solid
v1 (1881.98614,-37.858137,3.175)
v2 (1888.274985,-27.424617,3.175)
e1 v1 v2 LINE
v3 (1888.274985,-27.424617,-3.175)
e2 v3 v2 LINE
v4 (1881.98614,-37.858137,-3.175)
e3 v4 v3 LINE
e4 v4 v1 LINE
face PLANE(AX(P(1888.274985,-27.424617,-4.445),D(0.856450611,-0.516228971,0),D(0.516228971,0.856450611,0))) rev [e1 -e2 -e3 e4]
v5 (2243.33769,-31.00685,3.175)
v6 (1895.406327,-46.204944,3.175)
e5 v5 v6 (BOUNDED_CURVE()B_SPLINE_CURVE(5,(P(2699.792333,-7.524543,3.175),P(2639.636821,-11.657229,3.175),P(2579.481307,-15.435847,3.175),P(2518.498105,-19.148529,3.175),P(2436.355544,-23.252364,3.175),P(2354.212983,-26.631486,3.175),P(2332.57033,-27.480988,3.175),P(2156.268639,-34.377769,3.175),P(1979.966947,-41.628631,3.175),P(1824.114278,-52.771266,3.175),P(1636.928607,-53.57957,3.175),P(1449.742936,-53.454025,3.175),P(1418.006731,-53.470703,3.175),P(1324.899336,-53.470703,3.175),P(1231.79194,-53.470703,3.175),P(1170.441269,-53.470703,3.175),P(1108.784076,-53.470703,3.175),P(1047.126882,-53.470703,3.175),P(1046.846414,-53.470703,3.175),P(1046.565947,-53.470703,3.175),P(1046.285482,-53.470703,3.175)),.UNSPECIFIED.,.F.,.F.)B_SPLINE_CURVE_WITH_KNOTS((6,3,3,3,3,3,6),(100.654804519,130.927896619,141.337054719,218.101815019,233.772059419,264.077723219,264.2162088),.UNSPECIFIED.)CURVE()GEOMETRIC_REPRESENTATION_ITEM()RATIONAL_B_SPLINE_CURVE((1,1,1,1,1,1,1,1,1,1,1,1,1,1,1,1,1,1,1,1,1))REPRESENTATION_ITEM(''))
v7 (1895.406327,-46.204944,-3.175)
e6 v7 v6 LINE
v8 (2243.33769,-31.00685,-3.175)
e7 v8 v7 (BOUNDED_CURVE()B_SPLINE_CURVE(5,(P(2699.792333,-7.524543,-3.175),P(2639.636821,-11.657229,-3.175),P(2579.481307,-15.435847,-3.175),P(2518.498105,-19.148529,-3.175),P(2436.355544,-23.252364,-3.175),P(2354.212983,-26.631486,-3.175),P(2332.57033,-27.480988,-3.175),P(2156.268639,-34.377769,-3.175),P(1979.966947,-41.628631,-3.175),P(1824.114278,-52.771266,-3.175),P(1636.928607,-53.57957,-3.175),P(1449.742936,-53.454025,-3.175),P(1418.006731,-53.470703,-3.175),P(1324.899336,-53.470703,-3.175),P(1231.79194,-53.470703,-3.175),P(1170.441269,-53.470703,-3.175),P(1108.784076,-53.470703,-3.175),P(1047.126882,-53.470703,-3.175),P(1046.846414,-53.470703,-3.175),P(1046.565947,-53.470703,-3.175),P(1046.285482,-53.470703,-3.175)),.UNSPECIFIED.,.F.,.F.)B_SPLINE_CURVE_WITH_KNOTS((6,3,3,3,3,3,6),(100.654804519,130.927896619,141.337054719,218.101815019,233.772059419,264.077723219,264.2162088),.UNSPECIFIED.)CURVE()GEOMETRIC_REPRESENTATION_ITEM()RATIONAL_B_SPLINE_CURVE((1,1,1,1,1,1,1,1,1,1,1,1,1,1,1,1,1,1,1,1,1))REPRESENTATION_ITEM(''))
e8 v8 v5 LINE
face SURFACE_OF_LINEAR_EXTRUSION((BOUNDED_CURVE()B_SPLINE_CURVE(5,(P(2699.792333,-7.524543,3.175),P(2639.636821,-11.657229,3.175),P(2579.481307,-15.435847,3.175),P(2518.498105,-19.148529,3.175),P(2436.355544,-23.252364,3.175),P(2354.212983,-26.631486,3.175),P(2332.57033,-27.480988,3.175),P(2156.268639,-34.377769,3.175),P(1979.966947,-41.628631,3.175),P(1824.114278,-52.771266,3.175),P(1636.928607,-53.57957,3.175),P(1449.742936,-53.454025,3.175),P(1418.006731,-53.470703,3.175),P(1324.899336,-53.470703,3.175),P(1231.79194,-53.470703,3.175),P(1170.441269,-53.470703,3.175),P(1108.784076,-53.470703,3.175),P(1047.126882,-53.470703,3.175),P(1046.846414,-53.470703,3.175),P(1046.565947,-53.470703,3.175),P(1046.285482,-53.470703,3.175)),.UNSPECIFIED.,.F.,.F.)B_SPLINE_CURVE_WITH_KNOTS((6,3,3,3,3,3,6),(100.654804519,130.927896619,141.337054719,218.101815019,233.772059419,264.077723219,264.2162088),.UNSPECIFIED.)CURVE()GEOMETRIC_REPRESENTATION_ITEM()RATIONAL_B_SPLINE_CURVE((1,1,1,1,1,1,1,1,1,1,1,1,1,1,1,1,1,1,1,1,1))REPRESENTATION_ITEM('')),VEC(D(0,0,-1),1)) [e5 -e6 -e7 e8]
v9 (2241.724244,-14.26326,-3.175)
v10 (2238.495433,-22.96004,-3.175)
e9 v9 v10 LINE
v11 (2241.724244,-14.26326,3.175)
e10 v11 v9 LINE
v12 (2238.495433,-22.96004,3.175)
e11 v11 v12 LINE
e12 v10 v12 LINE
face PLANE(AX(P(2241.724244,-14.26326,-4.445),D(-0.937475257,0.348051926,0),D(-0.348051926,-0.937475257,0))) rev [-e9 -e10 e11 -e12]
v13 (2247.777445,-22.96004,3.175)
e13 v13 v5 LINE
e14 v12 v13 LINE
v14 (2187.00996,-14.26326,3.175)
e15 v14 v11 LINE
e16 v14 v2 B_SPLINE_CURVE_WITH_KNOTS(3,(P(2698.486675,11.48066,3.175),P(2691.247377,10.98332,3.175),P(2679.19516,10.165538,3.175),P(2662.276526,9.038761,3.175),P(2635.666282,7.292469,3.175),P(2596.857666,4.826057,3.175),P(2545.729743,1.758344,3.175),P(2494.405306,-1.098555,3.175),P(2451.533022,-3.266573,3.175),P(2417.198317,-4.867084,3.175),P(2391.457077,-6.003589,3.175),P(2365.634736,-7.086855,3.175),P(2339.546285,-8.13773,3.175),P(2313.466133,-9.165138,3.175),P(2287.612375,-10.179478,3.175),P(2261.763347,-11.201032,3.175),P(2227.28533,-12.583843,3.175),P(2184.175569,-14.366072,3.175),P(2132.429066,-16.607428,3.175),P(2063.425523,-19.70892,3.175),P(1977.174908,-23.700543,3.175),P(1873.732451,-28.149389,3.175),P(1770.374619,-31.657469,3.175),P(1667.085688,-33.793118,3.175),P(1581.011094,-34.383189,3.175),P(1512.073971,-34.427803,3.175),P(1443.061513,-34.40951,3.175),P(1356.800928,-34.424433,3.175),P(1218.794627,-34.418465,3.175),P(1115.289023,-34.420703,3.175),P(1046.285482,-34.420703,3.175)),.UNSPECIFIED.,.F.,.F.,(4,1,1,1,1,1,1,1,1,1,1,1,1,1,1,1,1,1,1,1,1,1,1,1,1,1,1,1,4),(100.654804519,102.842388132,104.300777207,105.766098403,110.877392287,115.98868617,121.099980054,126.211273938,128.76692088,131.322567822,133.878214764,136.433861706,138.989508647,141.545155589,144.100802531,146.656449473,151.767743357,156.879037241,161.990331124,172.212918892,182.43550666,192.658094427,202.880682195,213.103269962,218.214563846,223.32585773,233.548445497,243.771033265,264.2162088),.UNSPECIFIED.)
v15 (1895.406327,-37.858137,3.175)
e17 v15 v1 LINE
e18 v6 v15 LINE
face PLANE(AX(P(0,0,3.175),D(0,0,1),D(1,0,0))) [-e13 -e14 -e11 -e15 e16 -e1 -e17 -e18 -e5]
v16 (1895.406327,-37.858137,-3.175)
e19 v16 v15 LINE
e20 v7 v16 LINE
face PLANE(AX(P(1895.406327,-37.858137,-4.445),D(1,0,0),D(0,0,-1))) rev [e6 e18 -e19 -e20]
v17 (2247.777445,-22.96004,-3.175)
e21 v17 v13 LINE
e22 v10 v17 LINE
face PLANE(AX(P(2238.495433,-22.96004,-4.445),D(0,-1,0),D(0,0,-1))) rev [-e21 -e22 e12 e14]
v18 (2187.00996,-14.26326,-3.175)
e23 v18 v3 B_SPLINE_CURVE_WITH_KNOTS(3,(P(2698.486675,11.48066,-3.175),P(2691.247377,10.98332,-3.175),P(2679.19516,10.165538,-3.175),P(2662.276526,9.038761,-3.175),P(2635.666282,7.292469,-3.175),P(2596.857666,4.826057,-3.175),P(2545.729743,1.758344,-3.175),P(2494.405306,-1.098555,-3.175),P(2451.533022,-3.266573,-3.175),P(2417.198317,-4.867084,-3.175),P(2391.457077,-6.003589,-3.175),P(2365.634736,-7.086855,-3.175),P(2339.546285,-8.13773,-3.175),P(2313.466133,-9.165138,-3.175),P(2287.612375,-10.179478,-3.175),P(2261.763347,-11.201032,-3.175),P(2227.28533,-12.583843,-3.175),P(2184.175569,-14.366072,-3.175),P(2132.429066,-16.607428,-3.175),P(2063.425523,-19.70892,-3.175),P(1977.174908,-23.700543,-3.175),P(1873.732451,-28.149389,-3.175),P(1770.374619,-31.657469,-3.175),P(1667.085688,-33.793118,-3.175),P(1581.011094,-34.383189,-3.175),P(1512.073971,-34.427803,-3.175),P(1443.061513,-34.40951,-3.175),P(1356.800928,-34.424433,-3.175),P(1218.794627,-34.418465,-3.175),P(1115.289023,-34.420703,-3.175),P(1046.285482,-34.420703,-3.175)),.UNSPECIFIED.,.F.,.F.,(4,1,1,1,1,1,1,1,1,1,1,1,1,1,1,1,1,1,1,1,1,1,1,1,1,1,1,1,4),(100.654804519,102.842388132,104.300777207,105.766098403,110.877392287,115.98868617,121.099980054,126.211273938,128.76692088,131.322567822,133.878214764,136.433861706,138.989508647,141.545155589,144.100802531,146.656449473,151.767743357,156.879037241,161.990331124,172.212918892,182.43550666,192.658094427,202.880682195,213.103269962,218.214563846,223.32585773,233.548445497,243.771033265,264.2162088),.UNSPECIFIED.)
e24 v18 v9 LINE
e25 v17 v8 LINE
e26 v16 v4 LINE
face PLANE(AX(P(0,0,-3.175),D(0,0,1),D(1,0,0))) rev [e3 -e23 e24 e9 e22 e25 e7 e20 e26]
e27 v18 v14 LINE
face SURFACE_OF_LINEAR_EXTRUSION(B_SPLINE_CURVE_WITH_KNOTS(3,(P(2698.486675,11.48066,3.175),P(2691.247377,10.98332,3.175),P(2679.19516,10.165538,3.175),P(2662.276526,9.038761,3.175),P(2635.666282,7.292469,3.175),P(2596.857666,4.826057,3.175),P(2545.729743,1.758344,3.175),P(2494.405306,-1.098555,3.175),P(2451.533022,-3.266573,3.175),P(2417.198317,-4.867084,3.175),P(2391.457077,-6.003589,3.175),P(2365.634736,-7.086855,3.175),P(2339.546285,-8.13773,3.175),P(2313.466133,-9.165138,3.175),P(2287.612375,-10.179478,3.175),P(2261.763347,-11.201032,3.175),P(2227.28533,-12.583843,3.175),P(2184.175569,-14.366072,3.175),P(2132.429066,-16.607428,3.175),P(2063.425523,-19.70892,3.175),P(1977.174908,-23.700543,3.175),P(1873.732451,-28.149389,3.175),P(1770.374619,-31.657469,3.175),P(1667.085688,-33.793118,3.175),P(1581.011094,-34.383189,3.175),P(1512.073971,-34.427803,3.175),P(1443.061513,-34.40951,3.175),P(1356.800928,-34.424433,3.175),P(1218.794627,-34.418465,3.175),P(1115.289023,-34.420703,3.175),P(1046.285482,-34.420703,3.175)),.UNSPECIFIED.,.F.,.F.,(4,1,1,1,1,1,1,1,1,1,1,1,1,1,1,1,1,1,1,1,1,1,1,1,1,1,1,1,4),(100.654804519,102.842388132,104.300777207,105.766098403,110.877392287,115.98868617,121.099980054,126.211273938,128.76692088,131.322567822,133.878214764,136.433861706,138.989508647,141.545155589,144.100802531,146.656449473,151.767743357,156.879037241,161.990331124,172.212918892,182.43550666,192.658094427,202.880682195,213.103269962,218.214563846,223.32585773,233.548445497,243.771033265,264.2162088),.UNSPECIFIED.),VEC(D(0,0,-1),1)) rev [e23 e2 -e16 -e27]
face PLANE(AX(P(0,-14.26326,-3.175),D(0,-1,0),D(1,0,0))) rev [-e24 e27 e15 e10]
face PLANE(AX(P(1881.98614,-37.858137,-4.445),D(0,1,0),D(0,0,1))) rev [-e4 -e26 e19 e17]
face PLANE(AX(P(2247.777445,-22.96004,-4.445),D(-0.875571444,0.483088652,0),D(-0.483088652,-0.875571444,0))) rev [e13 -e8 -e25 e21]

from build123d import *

# Parameters (mm, degrees)
BOSS_EXTRUDE1_DEPTH = 3.175
CUT_EXTRUDE1_DEPTH  = 7.3500001
FILLET1_R           = 2.54
CUT_EXTRUDE2_DEPTH  = 7.62


with BuildPart() as part:
    # Sketch1 → Boss-Extrude1 (new body, symmetric)
    with BuildSketch(Plane.XY):
        with BuildLine():
            Line((499.61002795, -53.470702797), (1046.28548189, -53.470702797))
            add(Edge.make_bspline(
                [(2669.54, -9.569049356), (2615.393603553, -13.17073937), (2561.080658619, -16.536108081), (2506.205230446, -19.758621957), (2430.209106802, -23.505211705), (2354.212983157, -26.631486423), (2332.570330468, -27.480988169), (2156.268639429, -34.377768543), (1979.966947376, -41.628631248), (1824.114277635, -52.771265877), (1636.928606778, -53.579569849), (1449.742935921, -53.454024613), (1418.006730935, -53.470702797), (1324.899336146, -53.470702797), (1231.791940344, -53.470702797), (1170.441269319, -53.470702797), (1108.784075813, -53.470702797), (1047.126882346, -53.470702797), (1046.846414188, -53.470702797), (1046.565947184, -53.470702797), (1046.28548189, -53.470702797)],
                knots=[103.698913506, 103.698913506, 103.698913506, 103.698913506, 103.698913506, 103.698913506, 130.927896619, 130.927896619, 130.927896619, 141.337054719, 141.337054719, 141.337054719, 218.101815019, 218.101815019, 218.101815019, 233.772059419, 233.772059419, 233.772059419, 264.077723219, 264.077723219, 264.077723219, 264.2162088, 264.2162088, 264.2162088, 264.2162088, 264.2162088, 264.2162088], degree=5))
            Line((2669.54, -9.569049356), (2669.54, 9.5231025))
            add(Edge.make_bspline(
                [(2669.54, 9.5231025), (2667.126494524, 9.36235515), (2659.861586685, 8.880281494), (2635.666282302, 7.292469146), (2596.857665529, 4.826056853), (2545.729743039, 1.758344093), (2494.405305707, -1.098555235), (2451.533022267, -3.266573297), (2417.198316756, -4.86708361), (2391.457076919, -6.003589235), (2365.634736307, -7.086854581), (2339.546284672, -8.137729944), (2313.466132974, -9.165138371), (2287.612375486, -10.179478215), (2261.763347437, -11.201032297), (2227.285329715, -12.583842557), (2184.175569393, -14.36607236), (2132.429066114, -16.607427868), (2063.4255234, -19.708920485), (1977.174907635, -23.700543313), (1873.732451432, -28.149389221), (1770.37461881, -31.657468649), (1667.085687813, -33.793117556), (1581.011094491, -34.383188831), (1512.07397126, -34.4278026), (1443.061513477, -34.409510402), (1356.800927879, -34.424432812), (1218.794626954, -34.418464788), (1115.289022786, -34.420702797), (1046.28548189, -34.420702797)],
                knots=[103.571582669, 103.571582669, 103.571582669, 103.571582669, 104.300777207, 105.766098403, 110.877392287, 115.98868617, 121.099980054, 126.211273938, 128.76692088, 131.322567822, 133.878214764, 136.433861706, 138.989508647, 141.545155589, 144.100802531, 146.656449473, 151.767743357, 156.879037241, 161.990331124, 172.212918892, 182.43550666, 192.658094427, 202.880682195, 213.103269962, 218.214563846, 223.32585773, 233.548445497, 243.771033265, 264.2162088, 264.2162088, 264.2162088, 264.2162088], degree=3))
            Line((1046.28548189, -34.420702797), (499.61002795, -34.420702797))
            add(Edge.make_bspline(
                [(499.61002795, -34.420702797), (488.614737518, -34.420702797), (472.236395365, -34.420702798), (449.940231846, -34.420702794), (427.771305695, -34.42070281), (405.874681663, -34.420702712), (384.584909128, -34.420702942), (368.900229326, -34.420702244), (353.376568613, -34.420704862), (332.608466435, -34.420689186), (306.287754853, -34.420570006), (274.023487704, -34.420538256), (252.271015965, -34.420709741), (241.425150134, -34.420702761)],
                knots=[19.90682951, 19.90682951, 19.90682951, 19.90682951, 23.220120017, 24.876765271, 26.533410525, 29.846701033, 31.503346286, 33.15999154, 34.816636794, 36.473282048, 39.786572556, 43.099863063, 46.413153571, 46.413153571, 46.413153571, 46.413153571], degree=3))
            add(Edge.make_bspline(
                [(241.425150134, -34.420702761), (239.394928853, -34.420701455), (235.322322927, -34.420495867), (227.274423443, -34.398702533), (217.319360062, -34.297466855), (205.530690077, -33.976385563), (189.963341914, -33.212641271), (170.696984653, -31.543495194), (147.533261232, -28.314398128), (125.482753206, -24.202109872), (109.358914834, -20.622537553), (100.964116069, -18.612521054), (99.06, -18.149327722)],
                knots=[0, 0, 0, 0, 0.622088422, 1.244176844, 2.488353689, 3.732530533, 4.976707377, 7.465061066, 9.953414755, 12.441768444, 14.55823542, 15.180323842, 15.180323842, 15.180323842, 15.180323842], degree=3))
            Line((99.06, -18.149327722), (99.06, -37.741485304))
            add(Edge.make_bspline(
                [(241.425137875, -53.470702761), (224.286916993, -53.470691732), (207.149474967, -53.467315374), (190.203897513, -52.686577078), (161.734965878, -49.987457476), (133.266034188, -45.175583375), (121.749620566, -42.910592695), (110.349390726, -40.420274627), (99.06, -37.741485304)],
                knots=[0, 0, 0, 0, 0, 0, 8.71381608, 8.71381608, 8.71381608, 14.701907176, 14.701907176, 14.701907176, 14.701907176, 14.701907176, 14.701907176], degree=5))
            add(Edge.make_bspline(
                [(499.61002795, -53.470702797), (492.136820835, -53.470702797), (484.754348064, -53.470702797), (477.443025859, -53.470702797), (448.516583145, -53.470702797), (419.590140517, -53.470702797), (398.368118521, -53.470702797), (355.647540186, -53.470702797), (312.926961851, -53.470702797), (289.235090436, -53.470293029), (265.364963651, -53.470705034), (241.4948369, -53.470702789), (241.471603891, -53.470702785), (241.448370882, -53.470702776), (241.425137875, -53.470702761)],
                knots=[19.90682951, 19.90682951, 19.90682951, 19.90682951, 19.90682951, 19.90682951, 23.637897311, 23.637897311, 23.637897311, 34.276545571, 34.276545571, 34.276545571, 46.401340901, 46.401340901, 46.401340901, 46.413153571, 46.413153571, 46.413153571, 46.413153571, 46.413153571, 46.413153571], degree=5))
        make_face()
    extrude(amount=BOSS_EXTRUDE1_DEPTH, both=True)

    # Sketch2 → Cut-Extrude1 (cut, through all)
    with BuildSketch(Plane.XY.offset(3.175)):
        with BuildLine():
            add(Edge.make_bspline(
                [(2312.9875, -9.183260037), (2304.505441691, -9.516700376), (2287.441020622, -10.186250162), (2261.763347437, -11.201032297), (2228.230552004, -12.545932515), (2203.310445107, -13.575047161), (2187.00995947, -14.263260037)],
                knots=[139.04033329, 139.04033329, 139.04033329, 139.04033329, 141.545155589, 144.100802531, 146.656449473, 151.487488909, 151.487488909, 151.487488909, 151.487488909], degree=3))
            Line((2187.00995947, -14.263260037), (2312.9875, -14.263260037))
            Line((2312.9875, -14.263260037), (2312.9875, -9.183260037))
        make_face()
    extrude(amount=-CUT_EXTRUDE1_DEPTH, mode=Mode.SUBTRACT)

    # Fillet1
    fillet1_edges = [part.edges().sort_by_distance(p)[0] for p in [
        (2669.54, -9.569049356, -1.5875),
        (2669.54, 9.5231025, -1.5875),
        (99.06, -37.741485304, -1.5875),
        (99.06, -18.149327722, -1.5875),
        (2312.9875, -9.183260037, 1.5875),
        (2312.9875, -14.263260037, 0),
    ]]
    fillet(fillet1_edges, radius=FILLET1_R)

    # Sketch3 → Cut-Extrude2 (cut)
    with BuildSketch(Plane.XY.offset(3.175)):
        Polygon((1888.274985361, -27.424617015), (1881.98614013, -37.858137115), (1895.406326502, -37.858137115), (1895.406326502, -46.204944132), (1895.406326502, -50.216890409), (-62.255721057, -449.759899711), (-121.19134177, 139.596307418), (1888.274985361, -1.80721617), align=None)
        Polygon((2241.72424439, -14.263260032), (2238.495432608, -22.960040401), (2247.777444945, -22.960040401), (2243.337690155, -31.006850231), (2243.337690155, -37.858137115), (2717.854896536, -90.640248849), (2717.854896536, 35.478991246), (2241.72424439, 2.049936484), align=None)
    extrude(amount=-CUT_EXTRUDE2_DEPTH, mode=Mode.SUBTRACT)


solid = part.part
